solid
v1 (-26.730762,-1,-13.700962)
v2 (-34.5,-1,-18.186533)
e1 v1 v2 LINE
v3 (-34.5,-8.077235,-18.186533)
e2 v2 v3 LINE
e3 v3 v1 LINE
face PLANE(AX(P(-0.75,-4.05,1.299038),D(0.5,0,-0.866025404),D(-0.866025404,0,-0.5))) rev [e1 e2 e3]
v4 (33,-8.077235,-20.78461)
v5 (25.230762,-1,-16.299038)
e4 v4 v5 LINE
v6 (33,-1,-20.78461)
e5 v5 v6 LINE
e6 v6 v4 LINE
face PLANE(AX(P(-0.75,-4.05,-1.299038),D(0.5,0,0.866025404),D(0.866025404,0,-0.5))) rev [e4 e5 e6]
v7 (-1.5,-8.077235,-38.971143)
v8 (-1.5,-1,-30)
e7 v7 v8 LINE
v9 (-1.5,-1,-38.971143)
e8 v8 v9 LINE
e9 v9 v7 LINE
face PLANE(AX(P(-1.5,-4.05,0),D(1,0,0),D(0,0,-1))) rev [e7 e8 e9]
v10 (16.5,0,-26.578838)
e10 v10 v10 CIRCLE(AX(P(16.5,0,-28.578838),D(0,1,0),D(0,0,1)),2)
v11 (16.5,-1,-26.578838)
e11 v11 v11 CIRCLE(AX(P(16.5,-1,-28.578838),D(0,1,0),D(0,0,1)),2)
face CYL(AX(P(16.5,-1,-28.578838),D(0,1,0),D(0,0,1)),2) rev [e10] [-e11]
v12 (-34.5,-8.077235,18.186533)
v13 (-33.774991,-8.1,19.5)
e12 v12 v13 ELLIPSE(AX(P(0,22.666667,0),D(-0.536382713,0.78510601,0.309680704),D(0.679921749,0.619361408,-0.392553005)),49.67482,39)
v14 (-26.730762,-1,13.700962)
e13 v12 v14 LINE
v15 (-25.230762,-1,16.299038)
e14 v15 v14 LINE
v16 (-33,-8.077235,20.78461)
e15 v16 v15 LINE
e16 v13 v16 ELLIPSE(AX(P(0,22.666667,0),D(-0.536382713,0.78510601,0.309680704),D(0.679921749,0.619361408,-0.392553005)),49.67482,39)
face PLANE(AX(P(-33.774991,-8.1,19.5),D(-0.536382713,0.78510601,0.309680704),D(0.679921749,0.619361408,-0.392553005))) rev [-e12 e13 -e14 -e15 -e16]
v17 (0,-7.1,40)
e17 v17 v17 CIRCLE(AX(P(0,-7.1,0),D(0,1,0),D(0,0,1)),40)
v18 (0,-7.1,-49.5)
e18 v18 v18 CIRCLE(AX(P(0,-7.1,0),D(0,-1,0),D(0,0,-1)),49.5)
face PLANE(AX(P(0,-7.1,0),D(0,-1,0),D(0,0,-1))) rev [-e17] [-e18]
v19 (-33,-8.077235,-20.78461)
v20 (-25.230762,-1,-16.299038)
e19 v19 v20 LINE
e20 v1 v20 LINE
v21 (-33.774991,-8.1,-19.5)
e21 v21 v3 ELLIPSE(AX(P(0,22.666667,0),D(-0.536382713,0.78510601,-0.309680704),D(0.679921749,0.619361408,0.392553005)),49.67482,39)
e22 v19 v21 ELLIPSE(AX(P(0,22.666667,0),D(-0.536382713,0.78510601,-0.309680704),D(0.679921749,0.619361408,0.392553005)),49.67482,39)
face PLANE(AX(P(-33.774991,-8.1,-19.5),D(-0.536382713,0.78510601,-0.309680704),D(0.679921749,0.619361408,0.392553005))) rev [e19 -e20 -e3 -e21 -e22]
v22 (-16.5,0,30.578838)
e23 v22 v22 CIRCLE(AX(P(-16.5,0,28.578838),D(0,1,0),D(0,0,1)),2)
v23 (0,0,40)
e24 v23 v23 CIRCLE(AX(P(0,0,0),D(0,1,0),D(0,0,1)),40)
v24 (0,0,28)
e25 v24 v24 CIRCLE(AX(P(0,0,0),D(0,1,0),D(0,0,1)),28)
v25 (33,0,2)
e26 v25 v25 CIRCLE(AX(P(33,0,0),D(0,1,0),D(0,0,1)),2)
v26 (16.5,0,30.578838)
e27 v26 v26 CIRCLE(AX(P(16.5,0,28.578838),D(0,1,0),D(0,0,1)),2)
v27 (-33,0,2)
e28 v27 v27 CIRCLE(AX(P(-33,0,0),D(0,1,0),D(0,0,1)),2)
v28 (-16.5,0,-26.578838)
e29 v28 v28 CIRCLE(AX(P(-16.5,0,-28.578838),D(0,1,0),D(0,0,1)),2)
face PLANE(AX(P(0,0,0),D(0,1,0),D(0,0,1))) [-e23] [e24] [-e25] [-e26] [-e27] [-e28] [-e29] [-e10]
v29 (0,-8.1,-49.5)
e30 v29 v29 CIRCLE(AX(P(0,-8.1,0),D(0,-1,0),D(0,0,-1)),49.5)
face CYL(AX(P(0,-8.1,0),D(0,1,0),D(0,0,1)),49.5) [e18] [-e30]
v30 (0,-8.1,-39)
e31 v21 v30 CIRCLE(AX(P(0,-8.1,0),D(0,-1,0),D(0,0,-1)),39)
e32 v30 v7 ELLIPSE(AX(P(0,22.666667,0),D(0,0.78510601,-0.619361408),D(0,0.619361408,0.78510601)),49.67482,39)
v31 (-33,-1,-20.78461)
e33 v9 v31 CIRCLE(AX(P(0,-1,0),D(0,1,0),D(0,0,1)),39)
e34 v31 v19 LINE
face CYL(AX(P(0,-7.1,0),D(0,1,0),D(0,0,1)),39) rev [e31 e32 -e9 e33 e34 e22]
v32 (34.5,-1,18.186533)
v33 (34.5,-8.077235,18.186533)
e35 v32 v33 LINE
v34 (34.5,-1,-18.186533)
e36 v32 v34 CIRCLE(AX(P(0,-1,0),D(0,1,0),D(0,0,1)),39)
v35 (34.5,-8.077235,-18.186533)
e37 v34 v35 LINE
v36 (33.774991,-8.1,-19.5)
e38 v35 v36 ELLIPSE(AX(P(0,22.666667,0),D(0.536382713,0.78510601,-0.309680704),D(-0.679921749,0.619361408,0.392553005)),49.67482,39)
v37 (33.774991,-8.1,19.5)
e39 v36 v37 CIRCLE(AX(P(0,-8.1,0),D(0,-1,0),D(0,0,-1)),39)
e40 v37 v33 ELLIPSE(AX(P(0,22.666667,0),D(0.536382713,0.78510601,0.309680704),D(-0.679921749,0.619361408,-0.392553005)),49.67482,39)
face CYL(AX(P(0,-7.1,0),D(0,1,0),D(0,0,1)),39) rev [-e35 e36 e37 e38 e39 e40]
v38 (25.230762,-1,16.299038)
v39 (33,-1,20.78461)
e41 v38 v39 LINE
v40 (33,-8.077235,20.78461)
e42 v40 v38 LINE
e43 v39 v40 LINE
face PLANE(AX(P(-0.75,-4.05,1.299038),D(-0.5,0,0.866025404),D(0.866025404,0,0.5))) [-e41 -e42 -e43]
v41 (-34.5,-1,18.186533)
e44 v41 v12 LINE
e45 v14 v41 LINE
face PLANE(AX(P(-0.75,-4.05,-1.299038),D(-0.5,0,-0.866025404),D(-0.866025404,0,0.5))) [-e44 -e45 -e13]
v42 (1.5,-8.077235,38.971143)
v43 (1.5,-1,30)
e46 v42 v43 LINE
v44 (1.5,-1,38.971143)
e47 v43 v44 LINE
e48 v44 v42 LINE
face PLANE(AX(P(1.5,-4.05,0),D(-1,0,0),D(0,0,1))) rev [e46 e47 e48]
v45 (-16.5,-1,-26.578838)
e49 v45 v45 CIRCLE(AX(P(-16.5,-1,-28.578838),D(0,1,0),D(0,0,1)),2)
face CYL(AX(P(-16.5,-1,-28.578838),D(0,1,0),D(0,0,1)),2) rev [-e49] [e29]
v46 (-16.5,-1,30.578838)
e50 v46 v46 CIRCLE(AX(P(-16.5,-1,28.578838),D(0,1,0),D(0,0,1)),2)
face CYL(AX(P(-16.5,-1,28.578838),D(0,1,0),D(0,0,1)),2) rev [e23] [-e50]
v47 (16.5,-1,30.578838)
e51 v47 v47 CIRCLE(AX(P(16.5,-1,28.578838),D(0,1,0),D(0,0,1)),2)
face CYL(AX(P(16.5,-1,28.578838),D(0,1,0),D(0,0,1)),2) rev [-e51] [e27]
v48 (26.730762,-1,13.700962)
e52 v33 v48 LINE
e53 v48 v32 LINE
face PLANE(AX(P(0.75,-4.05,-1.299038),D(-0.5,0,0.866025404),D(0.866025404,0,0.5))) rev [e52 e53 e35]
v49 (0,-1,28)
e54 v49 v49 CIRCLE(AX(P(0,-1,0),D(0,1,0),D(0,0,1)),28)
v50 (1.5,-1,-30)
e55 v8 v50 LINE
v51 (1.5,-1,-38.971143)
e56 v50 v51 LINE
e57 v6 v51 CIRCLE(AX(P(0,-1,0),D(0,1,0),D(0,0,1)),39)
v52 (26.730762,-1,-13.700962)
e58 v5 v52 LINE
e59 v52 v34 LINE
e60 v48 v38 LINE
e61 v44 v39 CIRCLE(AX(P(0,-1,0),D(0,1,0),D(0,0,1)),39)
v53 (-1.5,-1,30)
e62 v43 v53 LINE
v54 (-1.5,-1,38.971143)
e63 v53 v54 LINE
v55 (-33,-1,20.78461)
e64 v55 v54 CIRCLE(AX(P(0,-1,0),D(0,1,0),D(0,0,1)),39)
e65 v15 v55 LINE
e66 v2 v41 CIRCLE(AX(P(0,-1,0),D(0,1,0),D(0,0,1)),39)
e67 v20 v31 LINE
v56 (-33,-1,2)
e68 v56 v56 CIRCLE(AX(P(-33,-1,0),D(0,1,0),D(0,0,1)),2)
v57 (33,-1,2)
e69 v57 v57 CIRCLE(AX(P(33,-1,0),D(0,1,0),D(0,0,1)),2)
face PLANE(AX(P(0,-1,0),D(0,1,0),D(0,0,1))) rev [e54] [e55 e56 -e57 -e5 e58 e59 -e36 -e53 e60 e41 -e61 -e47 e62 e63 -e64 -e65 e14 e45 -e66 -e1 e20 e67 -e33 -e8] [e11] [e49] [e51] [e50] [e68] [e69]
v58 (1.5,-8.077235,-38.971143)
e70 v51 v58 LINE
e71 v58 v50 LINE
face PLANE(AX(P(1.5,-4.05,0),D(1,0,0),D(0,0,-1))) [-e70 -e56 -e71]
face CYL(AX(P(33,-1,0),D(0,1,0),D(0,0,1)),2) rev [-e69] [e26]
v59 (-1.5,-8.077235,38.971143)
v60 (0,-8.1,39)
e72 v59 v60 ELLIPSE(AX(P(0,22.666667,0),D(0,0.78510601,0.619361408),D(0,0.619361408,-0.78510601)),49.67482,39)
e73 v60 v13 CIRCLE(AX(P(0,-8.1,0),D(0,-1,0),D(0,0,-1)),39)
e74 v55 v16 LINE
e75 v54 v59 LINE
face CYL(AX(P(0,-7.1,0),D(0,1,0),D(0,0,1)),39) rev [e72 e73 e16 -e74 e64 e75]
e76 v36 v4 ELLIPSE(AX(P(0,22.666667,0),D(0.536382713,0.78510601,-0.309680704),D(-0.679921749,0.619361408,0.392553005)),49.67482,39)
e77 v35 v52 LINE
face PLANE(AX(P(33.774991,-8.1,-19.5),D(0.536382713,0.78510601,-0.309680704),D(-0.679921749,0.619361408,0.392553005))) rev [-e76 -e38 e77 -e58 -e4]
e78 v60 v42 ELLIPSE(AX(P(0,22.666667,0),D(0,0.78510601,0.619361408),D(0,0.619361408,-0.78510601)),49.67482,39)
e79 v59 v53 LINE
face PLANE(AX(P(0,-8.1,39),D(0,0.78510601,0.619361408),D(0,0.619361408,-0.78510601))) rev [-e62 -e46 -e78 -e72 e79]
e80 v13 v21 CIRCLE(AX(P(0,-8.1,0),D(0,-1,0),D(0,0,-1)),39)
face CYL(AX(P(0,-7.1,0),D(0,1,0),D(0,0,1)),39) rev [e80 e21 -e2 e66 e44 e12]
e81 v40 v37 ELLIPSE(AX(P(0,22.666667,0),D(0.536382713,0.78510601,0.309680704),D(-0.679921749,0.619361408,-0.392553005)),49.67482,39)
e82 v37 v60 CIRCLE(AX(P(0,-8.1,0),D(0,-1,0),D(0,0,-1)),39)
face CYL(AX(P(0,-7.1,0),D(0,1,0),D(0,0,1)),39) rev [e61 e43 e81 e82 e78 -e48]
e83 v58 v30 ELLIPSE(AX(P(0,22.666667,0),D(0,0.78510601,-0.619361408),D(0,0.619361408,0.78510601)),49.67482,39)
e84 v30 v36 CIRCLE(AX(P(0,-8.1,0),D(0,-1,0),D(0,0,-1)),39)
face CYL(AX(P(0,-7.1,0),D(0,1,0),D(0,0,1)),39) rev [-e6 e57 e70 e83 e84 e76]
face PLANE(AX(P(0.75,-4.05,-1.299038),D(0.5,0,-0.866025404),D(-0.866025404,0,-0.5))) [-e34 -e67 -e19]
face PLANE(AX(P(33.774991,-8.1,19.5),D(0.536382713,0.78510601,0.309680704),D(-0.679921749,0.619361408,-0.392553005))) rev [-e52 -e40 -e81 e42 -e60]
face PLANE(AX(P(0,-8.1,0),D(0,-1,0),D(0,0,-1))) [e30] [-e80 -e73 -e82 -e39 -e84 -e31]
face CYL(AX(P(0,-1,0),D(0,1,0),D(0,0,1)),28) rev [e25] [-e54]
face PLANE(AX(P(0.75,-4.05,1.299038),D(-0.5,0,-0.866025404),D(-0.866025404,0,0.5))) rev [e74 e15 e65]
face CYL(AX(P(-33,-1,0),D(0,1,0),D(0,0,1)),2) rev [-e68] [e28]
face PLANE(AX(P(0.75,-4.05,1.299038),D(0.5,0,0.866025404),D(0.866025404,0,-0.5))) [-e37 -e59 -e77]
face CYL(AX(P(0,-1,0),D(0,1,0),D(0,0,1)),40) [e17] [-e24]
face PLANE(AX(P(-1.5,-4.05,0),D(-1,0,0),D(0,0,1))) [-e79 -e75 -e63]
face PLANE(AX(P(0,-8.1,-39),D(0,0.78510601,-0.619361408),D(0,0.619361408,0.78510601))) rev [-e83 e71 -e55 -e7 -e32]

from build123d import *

# Parameters (mm, degrees)
SKETCH_1_R               = 40
SKETCH_1_R_2             = 2
SKETCH_1_R_3             = 28
EXTRUDE_1_DEPTH          = 1
SKETCH_1_3_R             = 40
SKETCH_1_3_R_2           = 39
EXTRUDE_2_DEPTH          = 7.1
SKETCH_2_R               = 49.5
SKETCH_2_R_2             = 39
EXTRUDE_3_DEPTH          = 1
RIB_1_REACH              = 72.471
SKETCH_4_WALL_W          = 154.404684446
SKETCH_4_WALL_H          = 3
PATTERN_CIRCULAR_1_COUNT = 6


with BuildPart() as part:
    # 草图1 → 凸台-拉伸1 (new body)
    with BuildSketch(Plane(origin=(0, 0, 0), x_dir=(1, 0, 0), z_dir=(0, 1, 0))):
        Circle(SKETCH_1_R)
        with Locations((16.5, 28.578838325)):
            Circle(SKETCH_1_R_2, mode=Mode.SUBTRACT)
        with Locations((-16.5, -28.578838325)):
            Circle(SKETCH_1_R_2, mode=Mode.SUBTRACT)
        with Locations((-33, 0)):
            Circle(SKETCH_1_R_2, mode=Mode.SUBTRACT)
        with Locations((16.5, -28.578838325)):
            Circle(SKETCH_1_R_2, mode=Mode.SUBTRACT)
        with Locations((-16.5, 28.578838325)):
            Circle(SKETCH_1_R_2, mode=Mode.SUBTRACT)
        Circle(SKETCH_1_R_3, mode=Mode.SUBTRACT)
        with Locations((33, 0)):
            Circle(SKETCH_1_R_2, mode=Mode.SUBTRACT)
    extrude(amount=-EXTRUDE_1_DEPTH)

    # 草图1<3> → 凸台-拉伸2 (add)
    with BuildSketch(Plane(origin=(0, 0, 0), x_dir=(1, 0, 0), z_dir=(0, 1, 0))):
        Circle(SKETCH_1_3_R)
        Circle(SKETCH_1_3_R_2, mode=Mode.SUBTRACT)
    extrude(amount=-EXTRUDE_2_DEPTH)

    # 草图2 → 凸台-拉伸3 (add)
    with BuildSketch(Plane.XZ.offset(7.1)):
        Circle(SKETCH_2_R)
        Circle(SKETCH_2_R_2, mode=Mode.SUBTRACT)
    extrude(amount=EXTRUDE_3_DEPTH)

    # 草图4 wall → 筋1 (add, up to next)
    with BuildSketch(Plane(origin=(0, -4.55, -34.5), x_dir=(0, 0.619361407728, 0.785106009796), z_dir=(0, -0.785106009796, 0.619361407728)), mode=Mode.PRIVATE) as rib_1_sk1:
        Rectangle(SKETCH_4_WALL_W, SKETCH_4_WALL_H)
    rib_1_tool1 = extrude(rib_1_sk1.sketch, amount=-RIB_1_REACH, mode=Mode.PRIVATE) - part.part
    rib_1 = rib_1_tool1.solids().sort_by_distance((0, -4.55, -34.5))[0]
    add(rib_1)

    # 阵列(圆周)1: 筋1 ×6 about axis
    pattern_circular_1_axis = Axis((0, -7.1, 0), (0, 1, 0))
    for i in range(1, PATTERN_CIRCULAR_1_COUNT):
        add(rib_1.rotate(pattern_circular_1_axis, i * 360 / PATTERN_CIRCULAR_1_COUNT))


solid = part.part
